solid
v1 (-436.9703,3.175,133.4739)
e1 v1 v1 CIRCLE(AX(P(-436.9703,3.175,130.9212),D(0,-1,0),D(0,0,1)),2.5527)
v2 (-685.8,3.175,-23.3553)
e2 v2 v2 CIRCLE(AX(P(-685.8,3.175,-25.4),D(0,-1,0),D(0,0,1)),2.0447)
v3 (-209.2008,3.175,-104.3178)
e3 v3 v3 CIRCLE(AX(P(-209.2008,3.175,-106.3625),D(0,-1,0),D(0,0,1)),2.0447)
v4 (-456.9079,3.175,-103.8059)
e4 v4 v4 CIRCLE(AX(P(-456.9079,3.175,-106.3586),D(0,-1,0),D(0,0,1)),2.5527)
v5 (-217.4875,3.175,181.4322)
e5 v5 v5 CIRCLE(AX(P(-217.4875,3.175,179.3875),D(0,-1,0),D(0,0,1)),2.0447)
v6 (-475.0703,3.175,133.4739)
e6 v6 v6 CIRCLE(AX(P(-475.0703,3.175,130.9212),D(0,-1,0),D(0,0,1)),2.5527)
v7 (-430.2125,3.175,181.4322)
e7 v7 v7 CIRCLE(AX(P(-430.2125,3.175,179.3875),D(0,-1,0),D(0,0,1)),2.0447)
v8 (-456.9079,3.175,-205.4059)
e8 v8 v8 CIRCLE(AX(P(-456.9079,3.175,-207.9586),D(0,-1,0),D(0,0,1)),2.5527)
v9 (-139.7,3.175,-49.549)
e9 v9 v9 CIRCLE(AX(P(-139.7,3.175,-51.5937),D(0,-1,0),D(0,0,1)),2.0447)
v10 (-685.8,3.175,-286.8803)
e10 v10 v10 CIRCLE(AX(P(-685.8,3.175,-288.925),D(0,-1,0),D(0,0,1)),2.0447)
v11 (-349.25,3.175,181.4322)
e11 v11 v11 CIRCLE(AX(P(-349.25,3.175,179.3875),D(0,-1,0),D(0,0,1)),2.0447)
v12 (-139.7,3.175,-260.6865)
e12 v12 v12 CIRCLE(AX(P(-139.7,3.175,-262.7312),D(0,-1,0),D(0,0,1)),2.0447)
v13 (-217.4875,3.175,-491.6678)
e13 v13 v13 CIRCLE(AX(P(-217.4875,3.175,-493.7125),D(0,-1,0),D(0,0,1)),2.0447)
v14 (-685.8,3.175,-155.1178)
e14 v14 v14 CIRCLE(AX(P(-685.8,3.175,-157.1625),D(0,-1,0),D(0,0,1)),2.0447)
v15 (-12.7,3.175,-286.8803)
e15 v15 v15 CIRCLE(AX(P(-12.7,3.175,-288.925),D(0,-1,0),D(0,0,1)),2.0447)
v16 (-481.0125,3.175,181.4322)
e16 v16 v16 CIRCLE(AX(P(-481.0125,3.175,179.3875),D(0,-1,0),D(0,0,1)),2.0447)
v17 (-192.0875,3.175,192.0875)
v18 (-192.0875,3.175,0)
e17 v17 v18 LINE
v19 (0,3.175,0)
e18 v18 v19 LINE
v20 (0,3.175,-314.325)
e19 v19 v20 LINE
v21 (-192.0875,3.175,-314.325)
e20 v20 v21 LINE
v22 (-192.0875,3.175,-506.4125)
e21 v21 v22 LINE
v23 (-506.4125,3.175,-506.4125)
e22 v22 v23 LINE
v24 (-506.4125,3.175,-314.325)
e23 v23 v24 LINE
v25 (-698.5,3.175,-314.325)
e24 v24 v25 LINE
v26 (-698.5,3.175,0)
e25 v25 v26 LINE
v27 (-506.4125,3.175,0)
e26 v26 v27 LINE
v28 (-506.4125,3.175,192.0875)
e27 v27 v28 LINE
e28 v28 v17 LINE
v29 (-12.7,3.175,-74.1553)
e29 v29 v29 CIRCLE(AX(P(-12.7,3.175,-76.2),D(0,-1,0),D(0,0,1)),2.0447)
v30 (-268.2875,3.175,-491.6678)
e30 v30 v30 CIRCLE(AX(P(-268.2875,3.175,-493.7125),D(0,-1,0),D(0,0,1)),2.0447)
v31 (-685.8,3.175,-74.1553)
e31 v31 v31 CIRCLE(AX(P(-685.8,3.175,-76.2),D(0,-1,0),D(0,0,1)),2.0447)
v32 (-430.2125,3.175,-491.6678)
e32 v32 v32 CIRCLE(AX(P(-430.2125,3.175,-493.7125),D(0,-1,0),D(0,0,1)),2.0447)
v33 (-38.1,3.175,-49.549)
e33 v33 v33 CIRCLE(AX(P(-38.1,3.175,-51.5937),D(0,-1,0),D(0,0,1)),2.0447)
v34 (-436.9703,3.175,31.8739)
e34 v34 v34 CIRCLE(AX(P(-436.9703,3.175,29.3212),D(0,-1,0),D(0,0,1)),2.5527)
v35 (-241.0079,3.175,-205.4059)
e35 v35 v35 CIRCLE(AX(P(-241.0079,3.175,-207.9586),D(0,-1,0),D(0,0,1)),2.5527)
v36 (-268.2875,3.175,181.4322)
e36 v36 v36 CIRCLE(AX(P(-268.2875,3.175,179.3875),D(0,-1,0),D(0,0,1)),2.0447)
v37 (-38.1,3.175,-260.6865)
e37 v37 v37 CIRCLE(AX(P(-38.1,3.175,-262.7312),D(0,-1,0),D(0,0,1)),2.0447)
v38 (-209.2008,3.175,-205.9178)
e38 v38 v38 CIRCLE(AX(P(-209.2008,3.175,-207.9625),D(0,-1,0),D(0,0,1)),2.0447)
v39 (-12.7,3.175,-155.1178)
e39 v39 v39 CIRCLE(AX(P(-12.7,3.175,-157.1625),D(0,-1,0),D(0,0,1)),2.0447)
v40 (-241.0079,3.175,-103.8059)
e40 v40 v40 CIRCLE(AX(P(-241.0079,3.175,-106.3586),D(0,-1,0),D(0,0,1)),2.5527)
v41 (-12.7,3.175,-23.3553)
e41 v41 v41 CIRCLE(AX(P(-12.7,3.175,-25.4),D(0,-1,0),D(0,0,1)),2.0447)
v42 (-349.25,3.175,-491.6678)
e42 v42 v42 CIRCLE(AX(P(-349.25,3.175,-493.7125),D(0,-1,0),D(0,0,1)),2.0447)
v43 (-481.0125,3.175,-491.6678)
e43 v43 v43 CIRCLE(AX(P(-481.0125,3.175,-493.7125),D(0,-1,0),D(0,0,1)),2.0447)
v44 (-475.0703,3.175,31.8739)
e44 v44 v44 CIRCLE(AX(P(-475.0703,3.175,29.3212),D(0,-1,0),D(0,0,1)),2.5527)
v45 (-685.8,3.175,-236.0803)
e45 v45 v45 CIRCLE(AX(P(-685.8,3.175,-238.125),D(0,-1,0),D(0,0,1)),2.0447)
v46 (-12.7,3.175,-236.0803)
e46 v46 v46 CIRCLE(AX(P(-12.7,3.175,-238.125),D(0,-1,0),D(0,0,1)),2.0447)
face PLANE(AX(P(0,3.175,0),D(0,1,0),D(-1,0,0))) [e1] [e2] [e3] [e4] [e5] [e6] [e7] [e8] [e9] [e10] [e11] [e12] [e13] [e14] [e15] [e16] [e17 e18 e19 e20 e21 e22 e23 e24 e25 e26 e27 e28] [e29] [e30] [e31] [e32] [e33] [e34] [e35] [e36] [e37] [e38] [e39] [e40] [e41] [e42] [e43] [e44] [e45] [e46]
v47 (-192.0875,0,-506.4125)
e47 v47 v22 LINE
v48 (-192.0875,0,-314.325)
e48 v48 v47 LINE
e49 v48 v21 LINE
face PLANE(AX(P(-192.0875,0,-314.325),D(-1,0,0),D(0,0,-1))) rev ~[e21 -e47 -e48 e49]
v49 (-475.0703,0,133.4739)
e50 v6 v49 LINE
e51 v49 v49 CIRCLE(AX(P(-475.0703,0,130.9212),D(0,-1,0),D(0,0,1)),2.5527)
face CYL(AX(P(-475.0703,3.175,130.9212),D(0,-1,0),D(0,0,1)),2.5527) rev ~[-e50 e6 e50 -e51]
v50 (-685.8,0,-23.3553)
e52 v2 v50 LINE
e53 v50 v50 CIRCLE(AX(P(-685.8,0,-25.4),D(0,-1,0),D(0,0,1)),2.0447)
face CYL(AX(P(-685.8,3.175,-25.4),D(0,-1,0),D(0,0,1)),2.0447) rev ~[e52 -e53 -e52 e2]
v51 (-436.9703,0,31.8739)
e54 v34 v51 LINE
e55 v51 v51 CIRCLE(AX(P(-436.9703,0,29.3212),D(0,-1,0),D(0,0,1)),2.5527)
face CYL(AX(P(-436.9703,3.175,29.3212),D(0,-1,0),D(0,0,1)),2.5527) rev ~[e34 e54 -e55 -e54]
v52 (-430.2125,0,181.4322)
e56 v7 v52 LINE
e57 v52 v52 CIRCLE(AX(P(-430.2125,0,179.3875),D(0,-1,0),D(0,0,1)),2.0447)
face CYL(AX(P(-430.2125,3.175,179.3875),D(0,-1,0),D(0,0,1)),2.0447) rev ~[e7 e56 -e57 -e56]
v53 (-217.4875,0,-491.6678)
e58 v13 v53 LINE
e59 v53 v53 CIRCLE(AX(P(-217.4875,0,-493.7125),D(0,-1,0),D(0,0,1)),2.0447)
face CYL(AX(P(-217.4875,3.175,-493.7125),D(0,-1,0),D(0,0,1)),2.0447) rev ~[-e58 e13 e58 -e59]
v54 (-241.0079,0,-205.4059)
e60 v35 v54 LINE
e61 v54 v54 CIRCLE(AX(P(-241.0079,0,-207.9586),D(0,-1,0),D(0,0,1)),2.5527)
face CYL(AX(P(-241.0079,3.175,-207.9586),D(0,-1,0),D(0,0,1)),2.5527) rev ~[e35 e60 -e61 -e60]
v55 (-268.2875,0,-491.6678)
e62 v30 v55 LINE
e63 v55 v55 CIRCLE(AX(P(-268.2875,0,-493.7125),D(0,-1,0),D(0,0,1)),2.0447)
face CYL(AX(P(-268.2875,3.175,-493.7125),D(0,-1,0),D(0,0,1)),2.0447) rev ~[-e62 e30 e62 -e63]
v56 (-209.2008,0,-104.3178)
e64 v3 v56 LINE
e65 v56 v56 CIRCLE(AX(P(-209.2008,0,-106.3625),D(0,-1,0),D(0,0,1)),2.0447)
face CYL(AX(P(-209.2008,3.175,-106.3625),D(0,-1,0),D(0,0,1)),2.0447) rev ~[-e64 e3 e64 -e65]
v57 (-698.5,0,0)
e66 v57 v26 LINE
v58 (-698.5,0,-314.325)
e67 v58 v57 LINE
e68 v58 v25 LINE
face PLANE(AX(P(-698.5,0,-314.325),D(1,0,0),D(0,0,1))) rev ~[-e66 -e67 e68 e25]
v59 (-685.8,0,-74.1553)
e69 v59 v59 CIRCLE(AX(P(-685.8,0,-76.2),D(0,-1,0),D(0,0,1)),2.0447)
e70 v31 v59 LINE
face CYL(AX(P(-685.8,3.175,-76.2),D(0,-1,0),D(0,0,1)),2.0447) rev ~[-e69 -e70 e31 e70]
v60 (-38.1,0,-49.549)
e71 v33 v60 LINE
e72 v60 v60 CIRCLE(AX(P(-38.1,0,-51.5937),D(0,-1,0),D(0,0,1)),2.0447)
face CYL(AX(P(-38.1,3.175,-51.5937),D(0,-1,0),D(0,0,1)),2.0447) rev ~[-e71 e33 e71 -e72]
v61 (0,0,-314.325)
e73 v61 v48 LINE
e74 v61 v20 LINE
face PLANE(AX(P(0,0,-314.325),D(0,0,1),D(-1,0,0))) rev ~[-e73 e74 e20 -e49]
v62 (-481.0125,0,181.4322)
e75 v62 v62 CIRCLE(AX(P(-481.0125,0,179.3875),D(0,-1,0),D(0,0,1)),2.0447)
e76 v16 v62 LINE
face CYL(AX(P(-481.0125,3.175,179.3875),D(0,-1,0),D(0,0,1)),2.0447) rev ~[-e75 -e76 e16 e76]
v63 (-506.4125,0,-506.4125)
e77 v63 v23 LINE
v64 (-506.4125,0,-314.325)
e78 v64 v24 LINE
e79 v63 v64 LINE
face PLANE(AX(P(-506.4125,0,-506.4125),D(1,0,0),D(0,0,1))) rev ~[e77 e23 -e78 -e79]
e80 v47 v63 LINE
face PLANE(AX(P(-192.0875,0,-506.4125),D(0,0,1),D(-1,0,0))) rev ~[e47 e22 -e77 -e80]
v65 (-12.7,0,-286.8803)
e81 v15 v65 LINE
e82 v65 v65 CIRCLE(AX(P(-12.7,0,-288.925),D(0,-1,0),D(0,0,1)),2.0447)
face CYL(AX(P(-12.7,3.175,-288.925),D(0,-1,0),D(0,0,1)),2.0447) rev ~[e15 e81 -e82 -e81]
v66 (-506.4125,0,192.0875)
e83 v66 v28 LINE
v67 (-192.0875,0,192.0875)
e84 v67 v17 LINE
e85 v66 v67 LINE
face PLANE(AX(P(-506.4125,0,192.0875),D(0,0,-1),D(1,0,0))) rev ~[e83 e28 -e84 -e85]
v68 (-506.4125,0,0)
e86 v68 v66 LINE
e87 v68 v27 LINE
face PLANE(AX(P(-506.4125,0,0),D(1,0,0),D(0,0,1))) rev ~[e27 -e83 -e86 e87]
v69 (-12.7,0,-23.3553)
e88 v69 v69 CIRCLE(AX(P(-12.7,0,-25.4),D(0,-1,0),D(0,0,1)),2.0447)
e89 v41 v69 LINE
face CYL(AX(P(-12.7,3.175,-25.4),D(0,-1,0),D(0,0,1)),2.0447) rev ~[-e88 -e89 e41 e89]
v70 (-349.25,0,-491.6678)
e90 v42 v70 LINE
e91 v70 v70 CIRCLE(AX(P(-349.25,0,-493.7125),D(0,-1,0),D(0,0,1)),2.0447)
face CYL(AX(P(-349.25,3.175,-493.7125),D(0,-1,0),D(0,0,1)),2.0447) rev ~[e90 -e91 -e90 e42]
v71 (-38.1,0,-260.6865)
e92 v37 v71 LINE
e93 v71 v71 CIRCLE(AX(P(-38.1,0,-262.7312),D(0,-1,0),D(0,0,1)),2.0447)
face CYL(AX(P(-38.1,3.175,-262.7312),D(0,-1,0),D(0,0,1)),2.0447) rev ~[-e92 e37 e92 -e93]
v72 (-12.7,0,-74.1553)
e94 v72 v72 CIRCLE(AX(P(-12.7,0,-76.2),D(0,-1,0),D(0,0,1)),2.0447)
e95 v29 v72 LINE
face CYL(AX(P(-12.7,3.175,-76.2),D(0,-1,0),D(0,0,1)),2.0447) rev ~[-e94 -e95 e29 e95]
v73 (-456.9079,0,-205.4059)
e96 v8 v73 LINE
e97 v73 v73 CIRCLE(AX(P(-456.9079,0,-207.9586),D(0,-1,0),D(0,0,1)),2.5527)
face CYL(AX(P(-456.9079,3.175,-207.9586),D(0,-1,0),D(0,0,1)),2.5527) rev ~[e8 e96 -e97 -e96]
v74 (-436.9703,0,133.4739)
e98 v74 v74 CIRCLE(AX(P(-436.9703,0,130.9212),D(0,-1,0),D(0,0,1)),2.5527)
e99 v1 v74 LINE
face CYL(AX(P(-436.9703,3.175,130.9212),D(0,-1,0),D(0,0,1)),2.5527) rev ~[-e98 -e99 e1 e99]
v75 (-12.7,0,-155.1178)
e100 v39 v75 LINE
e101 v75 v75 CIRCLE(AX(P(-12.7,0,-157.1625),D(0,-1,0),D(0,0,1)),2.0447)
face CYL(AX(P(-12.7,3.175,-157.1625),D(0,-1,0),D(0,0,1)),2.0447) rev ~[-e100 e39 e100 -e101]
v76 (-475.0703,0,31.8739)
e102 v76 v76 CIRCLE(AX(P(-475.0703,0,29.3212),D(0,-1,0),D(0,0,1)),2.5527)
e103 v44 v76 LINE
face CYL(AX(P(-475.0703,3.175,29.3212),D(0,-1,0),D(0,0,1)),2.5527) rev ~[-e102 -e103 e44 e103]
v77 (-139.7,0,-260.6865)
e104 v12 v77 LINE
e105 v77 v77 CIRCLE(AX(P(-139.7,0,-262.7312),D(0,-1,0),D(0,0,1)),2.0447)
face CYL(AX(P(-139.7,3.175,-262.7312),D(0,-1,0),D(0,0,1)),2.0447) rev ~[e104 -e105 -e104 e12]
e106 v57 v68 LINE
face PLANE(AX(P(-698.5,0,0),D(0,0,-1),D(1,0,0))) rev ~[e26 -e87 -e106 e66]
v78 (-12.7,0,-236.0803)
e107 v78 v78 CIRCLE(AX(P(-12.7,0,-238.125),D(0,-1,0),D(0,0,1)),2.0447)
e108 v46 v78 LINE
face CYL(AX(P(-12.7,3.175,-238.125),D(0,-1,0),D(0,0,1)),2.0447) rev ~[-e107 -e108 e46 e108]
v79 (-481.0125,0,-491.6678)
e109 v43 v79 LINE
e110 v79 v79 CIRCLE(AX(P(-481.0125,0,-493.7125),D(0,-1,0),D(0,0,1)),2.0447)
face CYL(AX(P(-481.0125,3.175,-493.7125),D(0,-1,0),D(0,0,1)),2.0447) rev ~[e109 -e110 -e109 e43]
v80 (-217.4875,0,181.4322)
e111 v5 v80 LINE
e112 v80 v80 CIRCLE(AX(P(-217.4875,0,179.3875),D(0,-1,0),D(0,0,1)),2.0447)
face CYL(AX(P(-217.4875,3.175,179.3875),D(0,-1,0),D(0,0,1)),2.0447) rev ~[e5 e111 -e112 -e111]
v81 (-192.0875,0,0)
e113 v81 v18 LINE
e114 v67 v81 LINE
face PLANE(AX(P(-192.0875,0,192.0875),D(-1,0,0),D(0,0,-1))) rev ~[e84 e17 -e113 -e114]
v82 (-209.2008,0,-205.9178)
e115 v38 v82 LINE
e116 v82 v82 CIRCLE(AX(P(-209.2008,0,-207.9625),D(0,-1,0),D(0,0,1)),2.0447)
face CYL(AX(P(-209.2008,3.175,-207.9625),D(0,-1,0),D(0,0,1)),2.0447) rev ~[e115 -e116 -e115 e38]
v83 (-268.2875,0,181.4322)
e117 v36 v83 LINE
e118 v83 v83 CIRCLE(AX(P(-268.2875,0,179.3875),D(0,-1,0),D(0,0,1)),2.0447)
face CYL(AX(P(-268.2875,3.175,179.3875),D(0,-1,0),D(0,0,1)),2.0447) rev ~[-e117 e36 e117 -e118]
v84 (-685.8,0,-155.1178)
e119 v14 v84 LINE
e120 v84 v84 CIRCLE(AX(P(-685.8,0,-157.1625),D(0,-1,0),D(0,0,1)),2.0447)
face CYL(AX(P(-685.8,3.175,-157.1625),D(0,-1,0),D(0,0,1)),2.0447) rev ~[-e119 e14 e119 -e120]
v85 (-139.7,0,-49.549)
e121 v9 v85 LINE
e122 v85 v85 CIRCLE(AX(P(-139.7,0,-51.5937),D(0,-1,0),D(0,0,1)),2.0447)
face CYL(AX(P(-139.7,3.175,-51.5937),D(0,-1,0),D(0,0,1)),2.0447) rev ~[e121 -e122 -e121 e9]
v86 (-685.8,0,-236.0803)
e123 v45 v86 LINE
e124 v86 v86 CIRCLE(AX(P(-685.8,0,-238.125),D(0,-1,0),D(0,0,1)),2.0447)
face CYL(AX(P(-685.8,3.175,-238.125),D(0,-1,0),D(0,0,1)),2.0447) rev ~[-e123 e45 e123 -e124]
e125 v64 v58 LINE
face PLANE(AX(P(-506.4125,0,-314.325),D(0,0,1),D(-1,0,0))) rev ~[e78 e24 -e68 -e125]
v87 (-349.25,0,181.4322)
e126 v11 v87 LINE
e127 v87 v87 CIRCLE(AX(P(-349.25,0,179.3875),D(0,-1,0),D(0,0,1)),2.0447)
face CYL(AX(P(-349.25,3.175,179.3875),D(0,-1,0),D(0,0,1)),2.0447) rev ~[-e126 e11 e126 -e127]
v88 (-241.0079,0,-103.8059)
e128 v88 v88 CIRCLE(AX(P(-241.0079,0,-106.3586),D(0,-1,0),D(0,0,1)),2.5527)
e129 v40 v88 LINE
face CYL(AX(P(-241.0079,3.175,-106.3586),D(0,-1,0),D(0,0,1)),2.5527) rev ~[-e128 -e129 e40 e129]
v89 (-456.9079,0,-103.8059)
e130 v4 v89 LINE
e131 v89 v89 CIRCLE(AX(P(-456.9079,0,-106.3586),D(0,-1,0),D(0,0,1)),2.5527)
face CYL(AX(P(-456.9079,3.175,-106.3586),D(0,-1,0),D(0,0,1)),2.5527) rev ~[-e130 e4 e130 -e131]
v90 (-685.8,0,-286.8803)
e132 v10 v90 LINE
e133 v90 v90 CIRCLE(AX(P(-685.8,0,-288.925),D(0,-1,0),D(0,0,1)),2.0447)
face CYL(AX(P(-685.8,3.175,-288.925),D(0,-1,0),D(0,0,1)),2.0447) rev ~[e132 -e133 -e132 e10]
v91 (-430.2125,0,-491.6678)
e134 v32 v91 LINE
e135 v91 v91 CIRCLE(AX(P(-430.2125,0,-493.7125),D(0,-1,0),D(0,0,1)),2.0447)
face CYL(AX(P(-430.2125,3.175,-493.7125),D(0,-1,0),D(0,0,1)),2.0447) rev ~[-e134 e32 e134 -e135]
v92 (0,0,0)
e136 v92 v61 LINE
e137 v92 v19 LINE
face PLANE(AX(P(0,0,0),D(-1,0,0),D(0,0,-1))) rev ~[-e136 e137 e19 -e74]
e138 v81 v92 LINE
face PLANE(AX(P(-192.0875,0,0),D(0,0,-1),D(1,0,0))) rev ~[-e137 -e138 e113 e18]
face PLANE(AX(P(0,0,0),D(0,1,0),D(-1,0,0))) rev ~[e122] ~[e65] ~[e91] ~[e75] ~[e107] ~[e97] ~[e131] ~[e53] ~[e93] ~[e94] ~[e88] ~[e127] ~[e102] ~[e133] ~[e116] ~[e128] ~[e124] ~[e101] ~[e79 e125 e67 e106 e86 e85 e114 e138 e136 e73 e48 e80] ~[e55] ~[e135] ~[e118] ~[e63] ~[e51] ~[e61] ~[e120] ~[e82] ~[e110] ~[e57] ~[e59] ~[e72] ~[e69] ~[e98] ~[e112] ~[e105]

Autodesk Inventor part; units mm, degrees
ref_plane "YZ Plane" through (0, 0, 0) normal (1, 0, 0) x (0, 1, 0)
ref_plane "XZ Plane" through (0, 0, 0) normal (0, 1, 0) x (-1, 0, 0)
ref_plane "XY Plane" through (0, 0, 0) normal (0, 0, 1) x (1, 0, 0)
sketch "Sketch1" plane through (0, 0, 0) normal (0, 1, 0) x (-1, 0, 0)
  line L0 (0, 0) -> (0, -314.325)
  line L1 (0, -314.325) -> (192.0875, -314.325)
  line L2 (192.0875, -314.325) -> (192.0875, -506.4125)
  line L3 (192.0875, -506.4125) -> (506.4125, -506.4125)
  line L4 (506.4125, -506.4125) -> (506.4125, -314.325)
  line L5 (506.4125, -314.325) -> (698.5, -314.325)
  line L6 (698.5, -314.325) -> (698.5, 0)
  line L7 (698.5, 0) -> (506.4125, 0)
  line L8 (506.4125, 0) -> (506.4125, 192.0875)
  line L9 (506.4125, 192.0875) -> (192.0875, 192.0875)
  line L10 (192.0875, 192.0875) -> (192.0875, 0)
  line L11 (192.0875, 0) -> (0, 0)
  line L12 (698.5, 192.0875) -> (0, 192.0875) construction
  line L13 (0, 192.0875) -> (0, -506.4125) construction
  line L14 (0, -506.4125) -> (698.5, -506.4125) construction
  line L15 (698.5, -506.4125) -> (698.5, 192.0875) construction
  dimension "d0" = 698.5
  dimension "d1" = 192.0875
extrude "Plate1" add sketch "Sketch1" along normal blind 3.175
sketch "Sketch2" plane through (0, 3.175, 0) normal (0, 1, 0) x (1, 0, 0)
  line L0 (-506.4125, 506.4125) -> (-192.0875, 506.4125) projected
  line L1 (0, 314.325) -> (0, 0) projected
  line L2 (-192.0875, -192.0875) -> (-506.4125, -192.0875) projected
  line L3 (-698.5, 0) -> (-698.5, 314.325) projected
  line L4 (-506.4125, 314.325) -> (-506.4125, 506.4125) projected
  line L5 (-192.0875, 506.4125) -> (-192.0875, 314.325) projected
  line L6 (-698.5, 314.325) -> (-506.4125, 314.325) projected
  line L7 (-506.4125, 0) -> (-698.5, 0) projected
  line L8 (-349.25, 506.4125) -> (-349.25, -192.0875) construction
  line L9 (-698.5, 157.1625) -> (0, 157.1625) construction
  point P0 (-481.0125, 493.7125)
  point P1 (-430.2125, 493.7125)
  point P2 (-268.2875, 493.7125)
  point P3 (-217.4875, 493.7125)
  point P4 (-12.7, 288.925)
  point P5 (-12.7, 238.125)
  point P6 (-12.7, 76.2)
  point P7 (-12.7, 25.4)
  point P8 (-217.4875, -179.3875)
  point P9 (-268.2875, -179.3875)
  point P10 (-430.2125, -179.3875)
  point P11 (-481.0125, -179.3875)
  point P12 (-685.8, 25.4)
  point P13 (-685.8, 76.2)
  point P14 (-685.8, 238.125)
  point P15 (-685.8, 288.925)
  point P16 (-349.25, 493.7125)
  point P17 (-349.25, -179.3875)
  point P18 (-685.8, 157.1625)
  point P19 (-12.7, 157.1625)
  dimension "d3" = 12.7
  dimension "d4" = 12.7
  dimension "d5" = 12.7
  dimension "d6" = 12.7
  dimension "d7" = 25.4
  dimension "d8" = 50.8
  dimension "d9" = 25.4
  dimension "d10" = 50.8
  dimension "d11" = 25.4
  dimension "d12" = 50.8
  dimension "d13" = 25.4
  dimension "d14" = 50.8
hole "Hole1" at (-685.8, 3.175, -288.925) at (-685.8, 3.175, -238.125) at (-685.8, 3.175, -76.2) at (-685.8, 3.175, -25.4) at (-481.0125, 3.175, 179.3875) at (-430.2125, 3.175, 179.3875) at (-268.2875, 3.175, 179.3875) at (-217.4875, 3.175, 179.3875) at (-12.7, 3.175, -25.4) at (-12.7, 3.175, -76.2) at (-12.7, 3.175, -238.125) at (-12.7, 3.175, -288.925) at (-217.4875, 3.175, -493.7125) at (-268.2875, 3.175, -493.7125) at (-430.2125, 3.175, -493.7125) at (-481.0125, 3.175, -493.7125) at (-685.8, 3.175, -157.1625) at (-349.25, 3.175, 179.3875) at (-12.7, 3.175, -157.1625) at (-349.25, 3.175, -493.7125) direction (0, -1, 0) diameter 4.0894 end through all clearance for "Pop Rivet" size "5/32" standard "4859 Fastners"
sketch "Sketch3" plane through (0, 3.175, 0) normal (0, 1, 0) x (1, 0, 0)
  circle A0 centre (-12.7, 25.4) radius 2.0447 construction
sketch "Sketch4" plane through (0, 3.175, 0) normal (0, 1, 0) x (1, 0, 0)
  circle A0 centre (-12.7, 76.2) radius 2.0447 construction
sketch "Sketch5" plane through (0, 3.175, 0) normal (0, 1, 0) x (1, 0, 0)
  circle A0 centre (-456.9079, 207.9586) radius 2.5 projected
  circle A1 centre (-241.0079, 207.9586) radius 2.5 projected
  circle A2 centre (-241.0079, 106.3586) radius 2.5 projected
  circle A3 centre (-456.9079, 106.3586) radius 2.5 projected
  point P0 (0, 0)
hole "Hole2" at (-456.9079, 3.175, -207.9586) at (-241.0079, 3.175, -207.9586) at (-456.9079, 3.175, -106.3586) at (-241.0079, 3.175, -106.3586) direction (0, -1, 0) diameter 5.1054 end through all clearance for "Socket Head Cap Screw" size "#10" standard "4859 Fastners"
sketch "Sketch6" plane through (0, 3.175, 0) normal (0, 1, 0) x (1, 0, 0)
  circle A0 centre (-475.0703, -29.3212) radius 2.5 projected
  circle A1 centre (-436.9703, -29.3212) radius 2.5 projected
  circle A2 centre (-475.0703, -130.9212) radius 2.5 projected
  circle A3 centre (-436.9703, -130.9212) radius 2.5 projected
  point P0 (0, 0)
hole "Hole3" at (-475.0703, 3.175, 130.9212) at (-436.9703, 3.175, 130.9212) at (-475.0703, 3.175, 29.3212) at (-436.9703, 3.175, 29.3212) direction (0, -1, 0) diameter 5.1054 end through all clearance for "Socket Head Cap Screw" size "#10" standard "4859 Fastners"
sketch "Sketch8" plane through (0, 3.175, 0) normal (0, 1, 0) x (1, 0, 0)
  circle A0 centre (-139.7, 262.7312) radius 2.0447 projected
  circle A1 centre (-38.1, 262.7312) radius 2.0447 projected
  circle A2 centre (-139.7, 51.5937) radius 2.0447 projected
  circle A3 centre (-38.1, 51.5937) radius 2.0447 projected
  circle A4 centre (-209.2008, 207.9625) radius 2.0447 projected
  circle A5 centre (-209.2008, 106.3625) radius 2.0447 projected
  point P0 (0, 0)
hole "Hole4" at (-139.7, 3.175, -262.7312) at (-38.1, 3.175, -262.7312) at (-139.7, 3.175, -51.5937) at (-38.1, 3.175, -51.5937) at (-209.2008, 3.175, -207.9625) at (-209.2008, 3.175, -106.3625) direction (0, -1, 0) diameter 4.0894 end through all clearance for "Pop Rivet" size "5/32" standard "4859 Fastners"
equation "\"d9\" = d7"
equation "\"d10\" = d8"
equation "\"d11\" = d7"
equation "\"d12\" = d8"
equation "\"d13\" = d7"
equation "\"d14\" = d8"
equation "\"d0\" = DrivebaseLength"
equation "\"d1\" = PlateCut"
equation "\"d20\" = Thickness"
equation "\"d27\" = Thickness"
equation "\"d41\" = Thickness"
equation "\"d2\" = Thickness"
equation "\"BendRadius\" = 1.5 * Thickness"
equation "\"BendReliefWidth\" = Thickness"
equation "\"BendReliefDepth\" = 0.5 * Thickness"
equation "\"CornerReliefSize\" = 4 * Thickness"
equation "\"MinimumRemnant\" = 2 * Thickness"
equation "\"TransitionRadius\" = BendRadius"
equation "\"JacobiRadiusSize\" = BendRadius"
equation "\"GapSize\" = Thickness"
equation "\"DrivebaseLength\" = 698.5"
equation "\"DrivebaseWidth\" = 698.5"
equation "\"LengthOfTube\" = 482.6"
equation "\"ModuleSize\" = 169.8625"
equation "\"EdgeModuleToHole\" = 61.9125"
equation "\"ModuleSpace\" = 107.95"
equation "\"HoleLength1\" = 6.35"
equation "\"HoleLength2\" = 31.75"
equation "\"HoleLength3\" = 57.15"
equation "\"HoleLength4\" = 425.45"
equation "\"HoleLength5\" = 450.85"
equation "\"HoleLength6\" = 476.25"
equation "\"HoleWidth\" = 12.7"
equation "\"ModuleLength\" = 190.5"
equation "\"PlateCut\" = 192.0875"
equation "\"Rivet1\" = 109.5375"
equation "\"Rivet2\" = 160.3375"
equation "\"Rivet4\" = 322.2625"
equation "\"Rivet3\" = 241.3"
equation "\"Rivet5\" = 373.0625"
equation "\"Thickness\" = 3.175"
properties part number "200510" material "Aluminum 5052 H32"
